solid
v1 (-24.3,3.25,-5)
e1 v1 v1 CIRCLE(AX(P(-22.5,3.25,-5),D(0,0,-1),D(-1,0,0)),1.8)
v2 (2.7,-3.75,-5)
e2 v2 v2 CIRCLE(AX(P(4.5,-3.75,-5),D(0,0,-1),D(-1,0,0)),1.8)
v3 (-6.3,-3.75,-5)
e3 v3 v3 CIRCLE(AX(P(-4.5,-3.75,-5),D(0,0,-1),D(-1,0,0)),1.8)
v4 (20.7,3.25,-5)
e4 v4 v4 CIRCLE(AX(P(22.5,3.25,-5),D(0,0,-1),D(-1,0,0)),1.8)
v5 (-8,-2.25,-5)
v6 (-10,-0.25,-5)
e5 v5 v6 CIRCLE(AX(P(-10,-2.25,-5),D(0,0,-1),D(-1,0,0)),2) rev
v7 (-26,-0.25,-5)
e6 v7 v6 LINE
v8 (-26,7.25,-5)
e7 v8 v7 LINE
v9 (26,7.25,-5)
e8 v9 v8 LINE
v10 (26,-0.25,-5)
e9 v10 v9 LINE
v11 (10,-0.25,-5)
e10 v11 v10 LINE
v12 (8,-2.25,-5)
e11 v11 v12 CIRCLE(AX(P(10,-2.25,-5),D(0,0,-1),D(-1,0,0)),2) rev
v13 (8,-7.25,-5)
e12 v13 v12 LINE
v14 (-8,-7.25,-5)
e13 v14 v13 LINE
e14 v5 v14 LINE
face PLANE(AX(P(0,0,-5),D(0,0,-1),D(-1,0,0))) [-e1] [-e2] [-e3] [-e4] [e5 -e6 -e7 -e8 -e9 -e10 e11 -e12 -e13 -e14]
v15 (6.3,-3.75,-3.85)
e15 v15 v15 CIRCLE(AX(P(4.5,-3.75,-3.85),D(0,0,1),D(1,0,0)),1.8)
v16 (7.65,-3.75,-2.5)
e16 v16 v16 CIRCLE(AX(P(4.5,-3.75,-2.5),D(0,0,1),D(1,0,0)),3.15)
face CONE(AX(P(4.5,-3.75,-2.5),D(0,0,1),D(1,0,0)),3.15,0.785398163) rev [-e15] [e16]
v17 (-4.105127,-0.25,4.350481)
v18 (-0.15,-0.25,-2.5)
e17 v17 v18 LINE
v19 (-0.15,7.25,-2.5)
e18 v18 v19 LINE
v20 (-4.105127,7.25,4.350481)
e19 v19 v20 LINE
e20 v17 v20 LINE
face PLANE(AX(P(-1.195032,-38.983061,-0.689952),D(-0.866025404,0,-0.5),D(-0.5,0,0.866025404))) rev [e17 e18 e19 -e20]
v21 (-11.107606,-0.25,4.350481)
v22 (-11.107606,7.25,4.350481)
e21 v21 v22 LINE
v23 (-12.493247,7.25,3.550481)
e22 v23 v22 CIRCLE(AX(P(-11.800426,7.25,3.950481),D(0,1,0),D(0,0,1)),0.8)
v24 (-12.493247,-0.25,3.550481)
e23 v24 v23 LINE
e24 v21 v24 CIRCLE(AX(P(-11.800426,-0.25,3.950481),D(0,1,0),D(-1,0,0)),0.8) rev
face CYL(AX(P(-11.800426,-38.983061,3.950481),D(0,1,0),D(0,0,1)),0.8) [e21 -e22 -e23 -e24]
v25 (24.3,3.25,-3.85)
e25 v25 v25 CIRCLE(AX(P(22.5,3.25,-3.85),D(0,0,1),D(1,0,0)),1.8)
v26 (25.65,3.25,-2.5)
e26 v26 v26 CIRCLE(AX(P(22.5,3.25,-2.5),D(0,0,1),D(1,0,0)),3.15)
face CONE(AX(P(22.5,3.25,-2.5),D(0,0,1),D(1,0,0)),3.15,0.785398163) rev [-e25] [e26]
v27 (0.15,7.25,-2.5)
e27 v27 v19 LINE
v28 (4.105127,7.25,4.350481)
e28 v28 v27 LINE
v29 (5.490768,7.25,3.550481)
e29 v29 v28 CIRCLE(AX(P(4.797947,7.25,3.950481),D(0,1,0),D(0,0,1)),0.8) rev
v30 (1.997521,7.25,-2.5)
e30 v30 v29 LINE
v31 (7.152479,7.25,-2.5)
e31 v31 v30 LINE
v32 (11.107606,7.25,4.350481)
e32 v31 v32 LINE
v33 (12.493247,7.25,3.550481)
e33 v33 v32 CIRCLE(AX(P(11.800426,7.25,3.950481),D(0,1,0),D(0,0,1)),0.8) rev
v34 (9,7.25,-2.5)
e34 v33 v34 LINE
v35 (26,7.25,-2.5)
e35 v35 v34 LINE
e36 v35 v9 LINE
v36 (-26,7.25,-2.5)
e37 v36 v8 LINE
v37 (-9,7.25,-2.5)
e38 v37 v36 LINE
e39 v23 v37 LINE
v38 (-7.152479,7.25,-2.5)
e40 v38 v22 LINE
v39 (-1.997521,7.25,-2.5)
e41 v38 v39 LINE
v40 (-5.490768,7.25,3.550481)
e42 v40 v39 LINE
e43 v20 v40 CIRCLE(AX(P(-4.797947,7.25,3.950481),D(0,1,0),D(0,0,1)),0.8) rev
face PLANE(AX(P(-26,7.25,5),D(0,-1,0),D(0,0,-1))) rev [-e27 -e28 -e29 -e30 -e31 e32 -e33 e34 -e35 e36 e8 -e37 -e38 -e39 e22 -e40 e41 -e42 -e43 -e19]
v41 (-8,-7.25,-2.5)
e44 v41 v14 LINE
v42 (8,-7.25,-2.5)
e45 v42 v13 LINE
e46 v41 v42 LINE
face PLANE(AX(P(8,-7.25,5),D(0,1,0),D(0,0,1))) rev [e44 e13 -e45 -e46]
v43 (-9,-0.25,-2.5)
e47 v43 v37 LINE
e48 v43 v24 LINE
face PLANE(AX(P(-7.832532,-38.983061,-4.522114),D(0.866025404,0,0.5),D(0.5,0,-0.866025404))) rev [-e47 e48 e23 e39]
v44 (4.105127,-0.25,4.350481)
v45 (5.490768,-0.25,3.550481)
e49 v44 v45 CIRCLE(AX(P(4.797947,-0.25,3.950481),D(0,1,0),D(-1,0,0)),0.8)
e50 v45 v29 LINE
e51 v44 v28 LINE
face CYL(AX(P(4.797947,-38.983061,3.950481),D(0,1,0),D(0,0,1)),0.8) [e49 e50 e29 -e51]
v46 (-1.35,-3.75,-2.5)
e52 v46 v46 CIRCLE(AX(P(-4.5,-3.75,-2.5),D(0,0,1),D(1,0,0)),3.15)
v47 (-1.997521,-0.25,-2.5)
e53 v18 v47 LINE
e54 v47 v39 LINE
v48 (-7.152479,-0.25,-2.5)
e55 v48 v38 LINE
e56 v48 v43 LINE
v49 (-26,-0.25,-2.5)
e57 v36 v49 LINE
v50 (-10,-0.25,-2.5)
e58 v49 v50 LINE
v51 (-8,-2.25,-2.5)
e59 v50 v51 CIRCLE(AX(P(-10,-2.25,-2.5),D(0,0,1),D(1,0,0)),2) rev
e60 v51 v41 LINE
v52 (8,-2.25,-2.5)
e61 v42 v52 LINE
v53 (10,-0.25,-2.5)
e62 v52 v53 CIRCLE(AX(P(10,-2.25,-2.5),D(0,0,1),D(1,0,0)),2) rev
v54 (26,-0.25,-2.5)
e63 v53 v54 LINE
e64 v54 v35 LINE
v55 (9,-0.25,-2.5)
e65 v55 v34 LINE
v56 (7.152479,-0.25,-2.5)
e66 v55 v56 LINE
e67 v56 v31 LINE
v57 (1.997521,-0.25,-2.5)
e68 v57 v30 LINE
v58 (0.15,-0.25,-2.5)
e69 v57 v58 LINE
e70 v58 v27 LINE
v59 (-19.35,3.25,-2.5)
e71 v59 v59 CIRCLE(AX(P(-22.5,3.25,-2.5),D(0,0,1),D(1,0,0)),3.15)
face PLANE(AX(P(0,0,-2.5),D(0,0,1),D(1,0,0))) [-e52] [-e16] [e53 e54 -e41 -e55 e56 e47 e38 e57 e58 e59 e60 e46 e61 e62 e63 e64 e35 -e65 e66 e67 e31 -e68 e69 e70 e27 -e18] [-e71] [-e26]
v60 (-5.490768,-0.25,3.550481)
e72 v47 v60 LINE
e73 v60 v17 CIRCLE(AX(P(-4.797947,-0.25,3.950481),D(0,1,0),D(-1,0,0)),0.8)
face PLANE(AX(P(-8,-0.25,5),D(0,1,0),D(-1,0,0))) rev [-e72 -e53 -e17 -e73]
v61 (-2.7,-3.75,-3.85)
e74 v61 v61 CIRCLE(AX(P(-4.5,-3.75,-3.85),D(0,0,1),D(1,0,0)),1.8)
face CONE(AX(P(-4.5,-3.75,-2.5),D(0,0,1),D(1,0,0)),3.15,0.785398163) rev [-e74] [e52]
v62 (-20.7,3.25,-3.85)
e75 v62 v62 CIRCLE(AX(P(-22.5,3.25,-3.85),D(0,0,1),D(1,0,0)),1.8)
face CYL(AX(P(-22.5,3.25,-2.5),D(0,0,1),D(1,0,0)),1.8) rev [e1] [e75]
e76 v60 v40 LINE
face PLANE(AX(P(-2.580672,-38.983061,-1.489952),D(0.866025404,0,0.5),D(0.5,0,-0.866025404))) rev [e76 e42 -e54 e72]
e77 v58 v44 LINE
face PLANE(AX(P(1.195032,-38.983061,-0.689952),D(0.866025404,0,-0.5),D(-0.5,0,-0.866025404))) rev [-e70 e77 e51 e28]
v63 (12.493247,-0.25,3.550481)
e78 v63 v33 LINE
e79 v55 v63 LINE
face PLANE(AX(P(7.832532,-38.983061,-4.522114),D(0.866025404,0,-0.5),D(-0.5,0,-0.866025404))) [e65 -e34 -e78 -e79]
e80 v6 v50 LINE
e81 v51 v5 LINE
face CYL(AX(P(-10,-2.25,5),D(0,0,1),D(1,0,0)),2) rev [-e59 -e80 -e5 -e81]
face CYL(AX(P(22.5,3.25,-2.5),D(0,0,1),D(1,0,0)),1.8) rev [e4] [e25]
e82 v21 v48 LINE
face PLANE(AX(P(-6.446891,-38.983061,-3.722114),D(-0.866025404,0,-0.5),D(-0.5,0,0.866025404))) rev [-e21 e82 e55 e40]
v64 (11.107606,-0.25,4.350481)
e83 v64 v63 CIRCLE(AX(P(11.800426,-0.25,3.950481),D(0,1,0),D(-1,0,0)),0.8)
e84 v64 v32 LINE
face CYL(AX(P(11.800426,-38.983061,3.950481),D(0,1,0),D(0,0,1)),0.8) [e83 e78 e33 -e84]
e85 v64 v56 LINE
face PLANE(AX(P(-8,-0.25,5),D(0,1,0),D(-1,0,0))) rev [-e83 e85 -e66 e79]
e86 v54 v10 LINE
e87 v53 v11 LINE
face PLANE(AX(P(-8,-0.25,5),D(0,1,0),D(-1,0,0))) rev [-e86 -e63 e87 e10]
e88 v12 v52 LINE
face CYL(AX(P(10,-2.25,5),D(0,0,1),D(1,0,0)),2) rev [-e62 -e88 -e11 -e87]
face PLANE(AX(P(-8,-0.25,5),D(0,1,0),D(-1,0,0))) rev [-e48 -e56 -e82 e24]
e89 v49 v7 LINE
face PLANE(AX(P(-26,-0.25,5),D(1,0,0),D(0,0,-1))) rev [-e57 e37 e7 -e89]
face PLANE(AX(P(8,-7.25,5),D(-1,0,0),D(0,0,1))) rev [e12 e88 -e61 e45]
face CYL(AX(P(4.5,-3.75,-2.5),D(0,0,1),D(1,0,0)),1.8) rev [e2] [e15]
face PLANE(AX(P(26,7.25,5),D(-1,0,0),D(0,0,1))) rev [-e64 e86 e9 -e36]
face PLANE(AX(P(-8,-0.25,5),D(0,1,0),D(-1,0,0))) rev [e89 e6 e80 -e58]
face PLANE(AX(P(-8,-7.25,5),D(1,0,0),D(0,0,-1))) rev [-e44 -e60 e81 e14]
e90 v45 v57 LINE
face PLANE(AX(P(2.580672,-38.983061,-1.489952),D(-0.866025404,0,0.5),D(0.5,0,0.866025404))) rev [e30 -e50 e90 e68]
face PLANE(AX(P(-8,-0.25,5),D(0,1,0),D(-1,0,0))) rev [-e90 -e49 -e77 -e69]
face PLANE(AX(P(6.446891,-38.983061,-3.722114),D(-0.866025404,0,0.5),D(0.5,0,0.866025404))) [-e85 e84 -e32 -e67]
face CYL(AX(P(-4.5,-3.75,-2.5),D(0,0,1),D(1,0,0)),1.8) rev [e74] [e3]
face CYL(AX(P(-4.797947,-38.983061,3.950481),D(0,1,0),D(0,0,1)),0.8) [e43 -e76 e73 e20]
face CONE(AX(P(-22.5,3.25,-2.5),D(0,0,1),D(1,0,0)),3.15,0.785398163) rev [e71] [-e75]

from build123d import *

# Parameters (mm, degrees)
BOSS_EXTRUDE1_DEPTH                                 = 5
SKETCH2_W                                           = 16
SKETCH2_H                                           = 7
SKETCH2_W_2                                         = 7
SKETCH2_H_2                                         = 7.5
CUT_EXTRUDE1_DEPTH                                  = 7.5
CSK_FOR_M3_COUNTERSUNK_FLAT_HEAD_SCREW1_D           = 3.6
CSK_FOR_M3_COUNTERSUNK_FLAT_HEAD_SCREW1_DEPTH       = 5
CSK_FOR_M3_COUNTERSUNK_FLAT_HEAD_SCREW1_CSINK_D     = 6.3
CSK_FOR_M3_COUNTERSUNK_FLAT_HEAD_SCREW1_CSINK_ANGLE = 90
CSK_FOR_M3_COUNTERSUNK_FLAT_HEAD_SCREW1_TIP         = 1.081549114
FILLET1_R                                           = 2
CUT_EXTRUDE2_DEPTH                                  = 7.5


with BuildPart() as part:
    # Sketch1 → Boss-Extrude1 (new, symmetric)
    with BuildSketch(Plane.XY):
        Polygon((26, 7.25), (26, -0.25), (8, -0.25), (8, -7.25), (-8, -7.25), (-8, -0.25), (-26, -0.25), (-26, 7.25), align=None)
    extrude(amount=BOSS_EXTRUDE1_DEPTH, both=True)

    # Sketch2 → Cut-Extrude1 (cut)
    with BuildSketch(Plane.XY.offset(5)):
        with Locations((0, -3.75)):
            Rectangle(SKETCH2_W, SKETCH2_H)
        with Locations((22.5, 3.5)):
            Rectangle(SKETCH2_W_2, SKETCH2_H_2)
        with Locations((-22.5, 3.5)):
            Rectangle(SKETCH2_W_2, SKETCH2_H_2)
    extrude(amount=-CUT_EXTRUDE1_DEPTH, mode=Mode.SUBTRACT)

    # CSK for M3 Countersunk Flat Head Screw1
    with Locations(Plane.XY.offset(-2.5)):
        with Locations((-4.5, -3.75), (4.5, -3.75), (-22.5, 3.25), (22.5, 3.25)):
            CounterSinkHole(CSK_FOR_M3_COUNTERSUNK_FLAT_HEAD_SCREW1_D / 2, CSK_FOR_M3_COUNTERSUNK_FLAT_HEAD_SCREW1_CSINK_D / 2, depth=CSK_FOR_M3_COUNTERSUNK_FLAT_HEAD_SCREW1_DEPTH, counter_sink_angle=CSK_FOR_M3_COUNTERSUNK_FLAT_HEAD_SCREW1_CSINK_ANGLE)
            with Locations((0, 0, -(CSK_FOR_M3_COUNTERSUNK_FLAT_HEAD_SCREW1_DEPTH + CSK_FOR_M3_COUNTERSUNK_FLAT_HEAD_SCREW1_TIP / 2))):  # 118° drill point
                Cone(0, CSK_FOR_M3_COUNTERSUNK_FLAT_HEAD_SCREW1_D / 2, CSK_FOR_M3_COUNTERSUNK_FLAT_HEAD_SCREW1_TIP, mode=Mode.SUBTRACT)

    # Fillet1
    fillet1_edges = [part.edges().sort_by_distance(p)[0] for p in [
        (8, -0.25, -3.75),
        (-8, -0.25, -3.75),
    ]]
    fillet(fillet1_edges, radius=FILLET1_R)

    # Sketch6 → Cut-Extrude2 (cut)
    with BuildSketch(Plane(origin=(0, 7.25, 0), x_dir=(1, 0, 0), z_dir=(0, 1, 0))):
        with BuildLine():
            Line((13.330127019, -5), (11.482606158, -5))
            Line((11.482606158, -5), (4.480127019, -5))
            Line((4.480127019, -5), (-19, -5))
            Line((-19, -5), (-19, 2.5))
            Line((-19, 2.5), (-9, 2.5))
            Line((-9, 2.5), (-12.493246804, -3.550480947))
            ThreePointArc((-12.493246804, -3.550480947), (-12.200426481, -4.64330127), (-11.107606158, -4.350480947))
            Line((-11.107606158, -4.350480947), (-7.152479139, 2.5))
            Line((-7.152479139, 2.5), (-1.997520861, 2.5))
            Line((-1.997520861, 2.5), (-5.490767665, -3.550480947))
            ThreePointArc((-5.490767665, -3.550480947), (-5.197947342, -4.64330127), (-4.105127019, -4.350480947))
            Line((-4.105127019, -4.350480947), (-0.15, 2.5))
            Line((-0.15, 2.5), (0.15, 2.5))
            Line((0.15, 2.5), (4.105127019, -4.350480947))
            ThreePointArc((4.105127019, -4.350480947), (5.197947342, -4.64330127), (5.490767665, -3.550480947))
            Line((5.490767665, -3.550480947), (1.997520861, 2.5))
            Line((1.997520861, 2.5), (7.152479139, 2.5))
            Line((7.152479139, 2.5), (11.107606158, -4.350480947))
            ThreePointArc((11.107606158, -4.350480947), (12.200426481, -4.64330127), (12.493246804, -3.550480947))
            Line((12.493246804, -3.550480947), (9, 2.5))
            Line((9, 2.5), (19, 2.5))
            Line((19, 2.5), (19, -5))
            Line((19, -5), (13.330127019, -5))
        make_face()
    extrude(amount=-CUT_EXTRUDE2_DEPTH, mode=Mode.SUBTRACT)


solid = part.part
